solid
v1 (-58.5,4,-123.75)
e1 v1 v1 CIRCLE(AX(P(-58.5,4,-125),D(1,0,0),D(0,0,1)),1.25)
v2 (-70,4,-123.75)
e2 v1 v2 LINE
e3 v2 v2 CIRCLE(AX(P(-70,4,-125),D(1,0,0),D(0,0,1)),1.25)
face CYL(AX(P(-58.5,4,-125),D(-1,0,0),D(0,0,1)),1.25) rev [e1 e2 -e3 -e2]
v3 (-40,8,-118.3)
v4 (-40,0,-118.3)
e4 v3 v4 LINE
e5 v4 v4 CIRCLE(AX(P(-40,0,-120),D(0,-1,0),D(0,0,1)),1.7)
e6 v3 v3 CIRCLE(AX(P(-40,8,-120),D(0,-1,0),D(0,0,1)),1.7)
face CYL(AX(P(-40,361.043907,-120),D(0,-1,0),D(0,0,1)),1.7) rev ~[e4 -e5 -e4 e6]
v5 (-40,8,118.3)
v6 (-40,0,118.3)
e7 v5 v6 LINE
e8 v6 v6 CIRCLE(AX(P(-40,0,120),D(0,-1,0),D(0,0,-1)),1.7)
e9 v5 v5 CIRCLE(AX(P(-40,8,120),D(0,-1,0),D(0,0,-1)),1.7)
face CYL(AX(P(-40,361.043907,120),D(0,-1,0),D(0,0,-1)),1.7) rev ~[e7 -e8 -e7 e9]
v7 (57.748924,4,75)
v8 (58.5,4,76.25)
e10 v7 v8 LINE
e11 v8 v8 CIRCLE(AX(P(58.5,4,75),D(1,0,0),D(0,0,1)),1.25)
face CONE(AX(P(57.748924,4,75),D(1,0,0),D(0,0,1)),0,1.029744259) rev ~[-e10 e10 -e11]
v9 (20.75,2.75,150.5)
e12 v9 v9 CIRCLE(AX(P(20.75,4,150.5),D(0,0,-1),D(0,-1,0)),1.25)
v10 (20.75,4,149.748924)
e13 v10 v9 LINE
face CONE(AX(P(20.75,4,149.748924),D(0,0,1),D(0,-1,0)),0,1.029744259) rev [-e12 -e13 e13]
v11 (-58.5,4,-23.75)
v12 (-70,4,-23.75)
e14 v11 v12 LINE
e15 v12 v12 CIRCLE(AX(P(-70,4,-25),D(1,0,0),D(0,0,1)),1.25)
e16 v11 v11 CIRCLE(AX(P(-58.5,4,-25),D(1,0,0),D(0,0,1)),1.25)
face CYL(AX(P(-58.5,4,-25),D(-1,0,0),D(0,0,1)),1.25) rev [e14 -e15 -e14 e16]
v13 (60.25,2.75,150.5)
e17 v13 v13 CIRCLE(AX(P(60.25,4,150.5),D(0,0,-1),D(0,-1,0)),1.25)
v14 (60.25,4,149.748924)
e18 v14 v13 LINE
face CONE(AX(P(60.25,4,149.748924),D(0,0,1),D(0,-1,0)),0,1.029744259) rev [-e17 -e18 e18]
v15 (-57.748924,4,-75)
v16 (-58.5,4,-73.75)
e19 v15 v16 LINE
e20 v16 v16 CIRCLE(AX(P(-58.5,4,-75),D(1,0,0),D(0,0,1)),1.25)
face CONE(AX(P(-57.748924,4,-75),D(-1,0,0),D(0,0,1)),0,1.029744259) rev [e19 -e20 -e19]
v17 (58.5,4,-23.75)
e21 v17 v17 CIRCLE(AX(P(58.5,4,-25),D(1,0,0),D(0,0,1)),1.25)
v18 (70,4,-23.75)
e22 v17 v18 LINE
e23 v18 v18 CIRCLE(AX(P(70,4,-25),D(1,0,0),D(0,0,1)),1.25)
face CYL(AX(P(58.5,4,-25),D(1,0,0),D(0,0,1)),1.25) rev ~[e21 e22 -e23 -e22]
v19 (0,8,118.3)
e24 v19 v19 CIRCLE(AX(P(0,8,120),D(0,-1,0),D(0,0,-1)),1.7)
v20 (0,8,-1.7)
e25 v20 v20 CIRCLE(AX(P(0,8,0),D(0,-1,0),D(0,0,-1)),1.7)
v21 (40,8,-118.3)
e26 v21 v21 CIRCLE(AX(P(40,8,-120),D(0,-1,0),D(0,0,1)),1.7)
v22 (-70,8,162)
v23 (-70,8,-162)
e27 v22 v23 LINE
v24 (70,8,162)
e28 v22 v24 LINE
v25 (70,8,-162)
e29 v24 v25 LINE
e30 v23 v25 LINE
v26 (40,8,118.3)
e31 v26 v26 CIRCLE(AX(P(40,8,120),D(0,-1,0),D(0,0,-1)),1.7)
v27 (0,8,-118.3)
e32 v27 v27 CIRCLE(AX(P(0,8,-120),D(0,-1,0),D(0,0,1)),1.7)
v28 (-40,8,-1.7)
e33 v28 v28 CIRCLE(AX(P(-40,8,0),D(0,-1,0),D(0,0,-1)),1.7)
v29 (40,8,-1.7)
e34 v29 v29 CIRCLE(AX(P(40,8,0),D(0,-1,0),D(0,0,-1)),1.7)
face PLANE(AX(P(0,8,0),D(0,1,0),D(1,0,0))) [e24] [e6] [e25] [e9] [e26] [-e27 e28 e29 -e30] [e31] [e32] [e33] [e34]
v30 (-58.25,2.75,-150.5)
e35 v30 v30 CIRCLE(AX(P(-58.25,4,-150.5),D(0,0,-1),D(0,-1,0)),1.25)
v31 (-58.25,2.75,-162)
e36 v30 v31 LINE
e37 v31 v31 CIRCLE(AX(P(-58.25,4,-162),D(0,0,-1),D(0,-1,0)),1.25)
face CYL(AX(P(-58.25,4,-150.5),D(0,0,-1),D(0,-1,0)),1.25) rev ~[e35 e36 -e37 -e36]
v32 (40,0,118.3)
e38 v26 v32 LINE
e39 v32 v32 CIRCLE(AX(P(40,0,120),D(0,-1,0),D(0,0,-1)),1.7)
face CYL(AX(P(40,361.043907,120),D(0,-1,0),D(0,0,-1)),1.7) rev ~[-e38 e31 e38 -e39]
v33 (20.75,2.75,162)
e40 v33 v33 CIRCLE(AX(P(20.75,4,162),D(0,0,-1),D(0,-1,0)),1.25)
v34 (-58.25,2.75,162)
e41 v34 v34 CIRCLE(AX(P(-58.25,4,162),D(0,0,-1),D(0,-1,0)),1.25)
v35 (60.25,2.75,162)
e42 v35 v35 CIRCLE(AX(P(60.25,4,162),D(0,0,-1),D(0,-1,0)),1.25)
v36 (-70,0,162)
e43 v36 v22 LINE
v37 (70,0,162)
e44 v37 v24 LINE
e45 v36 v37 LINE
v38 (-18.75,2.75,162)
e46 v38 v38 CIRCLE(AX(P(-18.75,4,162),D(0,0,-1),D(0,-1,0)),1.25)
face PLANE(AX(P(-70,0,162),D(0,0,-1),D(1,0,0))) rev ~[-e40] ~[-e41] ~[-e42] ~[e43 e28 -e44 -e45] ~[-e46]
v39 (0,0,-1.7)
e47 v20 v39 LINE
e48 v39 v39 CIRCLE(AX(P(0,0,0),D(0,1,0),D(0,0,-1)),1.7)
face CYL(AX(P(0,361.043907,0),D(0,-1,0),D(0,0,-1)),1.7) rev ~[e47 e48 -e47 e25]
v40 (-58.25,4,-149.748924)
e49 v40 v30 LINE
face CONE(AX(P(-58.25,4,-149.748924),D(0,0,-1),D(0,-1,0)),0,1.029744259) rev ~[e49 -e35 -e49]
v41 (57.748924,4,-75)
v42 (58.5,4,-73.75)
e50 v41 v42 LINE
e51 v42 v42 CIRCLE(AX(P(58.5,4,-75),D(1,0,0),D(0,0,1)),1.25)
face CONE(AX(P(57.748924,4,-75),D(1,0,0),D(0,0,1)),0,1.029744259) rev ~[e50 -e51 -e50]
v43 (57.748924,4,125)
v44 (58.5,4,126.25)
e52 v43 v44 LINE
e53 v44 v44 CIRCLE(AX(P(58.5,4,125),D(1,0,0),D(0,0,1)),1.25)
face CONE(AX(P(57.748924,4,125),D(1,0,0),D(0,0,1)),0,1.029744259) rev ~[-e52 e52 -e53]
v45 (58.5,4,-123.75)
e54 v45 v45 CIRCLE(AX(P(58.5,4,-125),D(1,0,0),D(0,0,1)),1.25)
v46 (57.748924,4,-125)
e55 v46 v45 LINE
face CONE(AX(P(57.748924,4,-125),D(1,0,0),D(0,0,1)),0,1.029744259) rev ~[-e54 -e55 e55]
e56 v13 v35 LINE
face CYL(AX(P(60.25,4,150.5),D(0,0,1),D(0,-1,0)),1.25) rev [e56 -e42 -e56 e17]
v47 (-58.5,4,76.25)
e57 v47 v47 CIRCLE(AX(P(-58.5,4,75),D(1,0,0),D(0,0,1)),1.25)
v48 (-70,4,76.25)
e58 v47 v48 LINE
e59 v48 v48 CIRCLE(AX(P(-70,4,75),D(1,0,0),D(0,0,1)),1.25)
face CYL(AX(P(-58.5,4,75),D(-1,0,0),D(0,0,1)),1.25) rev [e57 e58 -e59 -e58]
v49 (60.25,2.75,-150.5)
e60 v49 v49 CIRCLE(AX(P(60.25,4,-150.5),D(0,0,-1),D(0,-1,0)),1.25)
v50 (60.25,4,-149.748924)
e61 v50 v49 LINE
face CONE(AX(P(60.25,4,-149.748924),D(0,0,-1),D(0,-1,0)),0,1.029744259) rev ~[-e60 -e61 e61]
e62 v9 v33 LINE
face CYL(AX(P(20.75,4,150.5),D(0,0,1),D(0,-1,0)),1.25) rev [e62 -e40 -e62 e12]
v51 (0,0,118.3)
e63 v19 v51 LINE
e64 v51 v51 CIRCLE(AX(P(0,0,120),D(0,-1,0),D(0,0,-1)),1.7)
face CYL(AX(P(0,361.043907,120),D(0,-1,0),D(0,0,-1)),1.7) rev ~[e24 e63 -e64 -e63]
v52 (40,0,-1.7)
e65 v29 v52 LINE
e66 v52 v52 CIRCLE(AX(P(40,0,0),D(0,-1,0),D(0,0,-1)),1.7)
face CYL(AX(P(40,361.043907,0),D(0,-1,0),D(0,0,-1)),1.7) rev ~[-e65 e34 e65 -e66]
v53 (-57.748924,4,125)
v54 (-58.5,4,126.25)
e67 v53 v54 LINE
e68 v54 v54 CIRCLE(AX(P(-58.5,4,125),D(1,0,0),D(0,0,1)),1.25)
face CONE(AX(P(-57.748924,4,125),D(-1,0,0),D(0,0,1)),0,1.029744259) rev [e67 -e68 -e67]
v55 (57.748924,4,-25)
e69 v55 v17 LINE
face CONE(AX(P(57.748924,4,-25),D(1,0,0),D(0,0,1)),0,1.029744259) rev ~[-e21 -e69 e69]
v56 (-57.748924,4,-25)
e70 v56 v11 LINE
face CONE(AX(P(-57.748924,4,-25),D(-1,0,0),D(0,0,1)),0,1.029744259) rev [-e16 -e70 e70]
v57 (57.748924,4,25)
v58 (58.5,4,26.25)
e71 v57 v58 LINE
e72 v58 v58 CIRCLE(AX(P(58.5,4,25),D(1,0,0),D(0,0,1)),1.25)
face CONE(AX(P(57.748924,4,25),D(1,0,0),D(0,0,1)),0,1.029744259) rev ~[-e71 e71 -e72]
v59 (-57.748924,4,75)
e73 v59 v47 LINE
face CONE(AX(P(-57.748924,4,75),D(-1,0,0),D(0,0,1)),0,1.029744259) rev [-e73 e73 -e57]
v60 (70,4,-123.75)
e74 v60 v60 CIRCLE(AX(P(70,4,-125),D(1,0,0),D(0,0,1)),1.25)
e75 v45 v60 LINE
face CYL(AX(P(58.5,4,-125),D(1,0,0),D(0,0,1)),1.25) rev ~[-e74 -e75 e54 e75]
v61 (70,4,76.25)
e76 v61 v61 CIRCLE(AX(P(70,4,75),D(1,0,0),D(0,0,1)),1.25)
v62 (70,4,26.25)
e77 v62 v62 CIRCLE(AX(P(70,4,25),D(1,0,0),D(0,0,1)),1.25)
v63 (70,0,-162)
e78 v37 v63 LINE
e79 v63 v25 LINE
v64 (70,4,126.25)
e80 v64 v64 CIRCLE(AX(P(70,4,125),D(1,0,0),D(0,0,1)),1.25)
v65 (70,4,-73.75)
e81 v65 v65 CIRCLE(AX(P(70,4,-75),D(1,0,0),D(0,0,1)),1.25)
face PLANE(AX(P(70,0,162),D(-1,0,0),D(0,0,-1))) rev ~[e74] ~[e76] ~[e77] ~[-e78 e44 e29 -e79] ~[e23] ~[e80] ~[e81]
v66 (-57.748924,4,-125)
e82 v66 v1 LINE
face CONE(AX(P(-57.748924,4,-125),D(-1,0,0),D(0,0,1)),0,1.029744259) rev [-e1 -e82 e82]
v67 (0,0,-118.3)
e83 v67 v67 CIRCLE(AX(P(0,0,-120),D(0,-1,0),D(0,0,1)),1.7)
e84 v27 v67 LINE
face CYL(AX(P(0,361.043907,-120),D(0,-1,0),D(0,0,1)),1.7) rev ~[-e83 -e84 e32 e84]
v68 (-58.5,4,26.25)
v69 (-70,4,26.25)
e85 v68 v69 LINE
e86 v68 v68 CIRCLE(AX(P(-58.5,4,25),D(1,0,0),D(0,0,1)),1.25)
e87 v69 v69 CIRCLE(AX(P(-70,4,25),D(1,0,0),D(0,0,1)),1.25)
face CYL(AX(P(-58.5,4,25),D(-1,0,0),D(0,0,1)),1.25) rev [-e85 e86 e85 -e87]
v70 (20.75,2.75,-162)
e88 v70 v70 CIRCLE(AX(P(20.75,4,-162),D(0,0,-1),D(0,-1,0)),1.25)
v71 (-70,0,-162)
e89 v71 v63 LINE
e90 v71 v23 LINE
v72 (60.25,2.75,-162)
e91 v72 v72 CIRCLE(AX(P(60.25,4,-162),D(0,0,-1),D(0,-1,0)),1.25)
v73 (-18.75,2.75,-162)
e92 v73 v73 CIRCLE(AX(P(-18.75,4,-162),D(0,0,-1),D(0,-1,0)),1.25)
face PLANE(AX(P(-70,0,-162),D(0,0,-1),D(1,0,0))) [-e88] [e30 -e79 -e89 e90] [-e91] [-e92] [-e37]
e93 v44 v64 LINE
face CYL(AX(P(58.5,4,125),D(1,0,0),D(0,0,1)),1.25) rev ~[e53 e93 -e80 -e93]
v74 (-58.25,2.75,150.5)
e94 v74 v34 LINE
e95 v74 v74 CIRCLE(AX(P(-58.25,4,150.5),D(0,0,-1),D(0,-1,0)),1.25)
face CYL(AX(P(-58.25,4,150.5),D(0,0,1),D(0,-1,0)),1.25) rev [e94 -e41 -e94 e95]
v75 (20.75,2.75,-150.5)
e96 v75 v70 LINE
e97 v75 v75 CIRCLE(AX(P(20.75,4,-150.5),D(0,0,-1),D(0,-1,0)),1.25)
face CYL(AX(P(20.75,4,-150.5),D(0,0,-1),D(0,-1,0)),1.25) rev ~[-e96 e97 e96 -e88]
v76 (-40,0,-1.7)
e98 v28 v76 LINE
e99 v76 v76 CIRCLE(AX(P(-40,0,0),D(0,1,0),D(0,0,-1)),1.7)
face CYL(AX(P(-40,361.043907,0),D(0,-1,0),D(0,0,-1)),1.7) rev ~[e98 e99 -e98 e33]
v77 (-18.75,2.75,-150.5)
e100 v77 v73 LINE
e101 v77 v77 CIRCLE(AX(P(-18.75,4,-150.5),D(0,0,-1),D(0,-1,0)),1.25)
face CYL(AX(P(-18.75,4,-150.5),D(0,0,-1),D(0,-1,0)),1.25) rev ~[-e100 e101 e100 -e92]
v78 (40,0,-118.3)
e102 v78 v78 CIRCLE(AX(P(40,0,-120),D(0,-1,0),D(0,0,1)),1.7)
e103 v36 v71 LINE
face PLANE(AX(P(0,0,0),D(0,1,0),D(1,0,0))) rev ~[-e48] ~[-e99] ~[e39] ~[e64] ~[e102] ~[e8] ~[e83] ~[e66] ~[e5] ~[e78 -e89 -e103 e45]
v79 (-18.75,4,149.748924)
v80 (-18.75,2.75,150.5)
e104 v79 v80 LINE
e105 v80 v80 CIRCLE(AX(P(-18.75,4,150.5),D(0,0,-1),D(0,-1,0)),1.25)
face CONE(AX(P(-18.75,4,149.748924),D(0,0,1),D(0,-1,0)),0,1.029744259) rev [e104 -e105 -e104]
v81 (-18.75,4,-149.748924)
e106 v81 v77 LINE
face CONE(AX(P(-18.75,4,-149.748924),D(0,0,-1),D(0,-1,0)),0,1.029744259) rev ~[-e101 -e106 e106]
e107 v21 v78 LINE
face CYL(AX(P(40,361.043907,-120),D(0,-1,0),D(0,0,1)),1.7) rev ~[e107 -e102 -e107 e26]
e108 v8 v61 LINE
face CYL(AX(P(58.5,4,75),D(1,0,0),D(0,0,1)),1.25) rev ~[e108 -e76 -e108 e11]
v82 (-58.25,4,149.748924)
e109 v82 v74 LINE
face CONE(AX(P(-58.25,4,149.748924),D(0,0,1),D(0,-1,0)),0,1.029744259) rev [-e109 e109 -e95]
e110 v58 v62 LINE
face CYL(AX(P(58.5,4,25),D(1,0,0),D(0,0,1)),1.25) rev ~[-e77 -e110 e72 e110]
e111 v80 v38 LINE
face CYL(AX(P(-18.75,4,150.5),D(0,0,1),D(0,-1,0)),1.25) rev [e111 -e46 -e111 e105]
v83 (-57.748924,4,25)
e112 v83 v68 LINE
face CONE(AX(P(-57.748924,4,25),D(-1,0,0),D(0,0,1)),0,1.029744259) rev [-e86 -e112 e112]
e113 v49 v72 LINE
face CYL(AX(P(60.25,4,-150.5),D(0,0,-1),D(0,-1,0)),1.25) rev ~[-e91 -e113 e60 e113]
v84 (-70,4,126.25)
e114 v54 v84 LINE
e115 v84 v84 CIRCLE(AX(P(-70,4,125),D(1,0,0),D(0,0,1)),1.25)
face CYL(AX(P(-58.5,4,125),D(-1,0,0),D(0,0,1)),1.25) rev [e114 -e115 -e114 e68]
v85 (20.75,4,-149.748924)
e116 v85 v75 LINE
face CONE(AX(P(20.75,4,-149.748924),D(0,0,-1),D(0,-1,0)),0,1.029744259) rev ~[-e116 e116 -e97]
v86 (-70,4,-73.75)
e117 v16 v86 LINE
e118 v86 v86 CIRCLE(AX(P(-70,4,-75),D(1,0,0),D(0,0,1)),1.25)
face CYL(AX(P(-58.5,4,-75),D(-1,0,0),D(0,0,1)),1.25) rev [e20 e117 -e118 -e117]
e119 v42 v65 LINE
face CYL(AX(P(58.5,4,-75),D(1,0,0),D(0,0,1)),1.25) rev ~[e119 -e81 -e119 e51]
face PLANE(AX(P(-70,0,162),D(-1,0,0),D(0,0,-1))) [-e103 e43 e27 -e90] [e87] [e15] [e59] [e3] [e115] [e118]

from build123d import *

# Parameters (mm, degrees)
SKETCH1_W                      = 140
SKETCH1_H                      = 324
BOSS_EXTRUDE1_DEPTH            = 8
M3X0_5_TAPPED_HOLE1_AT_2_COUNT = 2
M3X0_5_TAPPED_HOLE1_AT_2_PITCH = 39.5
M3X0_5_TAPPED_HOLE1_AT_3_COUNT = 2
M3X0_5_TAPPED_HOLE1_AT_3_PITCH = 79
M3X0_5_TAPPED_HOLE1_AT_4_COUNT = 2
M3X0_5_TAPPED_HOLE1_AT_4_PITCH = 118.5
M3X0_5_TAPPED_HOLE2_AT_2_COUNT = 2
M3X0_5_TAPPED_HOLE2_AT_2_PITCH = 50
M3X0_5_TAPPED_HOLE2_AT_3_COUNT = 2
M3X0_5_TAPPED_HOLE2_AT_3_PITCH = 100
M3X0_5_TAPPED_HOLE2_AT_4_COUNT = 2
M3X0_5_TAPPED_HOLE2_AT_4_PITCH = 150
M3X0_5_TAPPED_HOLE2_AT_5_COUNT = 2
M3X0_5_TAPPED_HOLE2_AT_5_PITCH = 200
M3X0_5_TAPPED_HOLE2_AT_6_COUNT = 2
M3X0_5_TAPPED_HOLE2_AT_6_PITCH = 250
F_3_4_3_4_DIAMETER_HOLE1_D     = 3.4
LPATTERN1_COUNT                = 2
LPATTERN1_PITCH                = 120
LPATTERN1_COUNT_DIR2           = 3
LPATTERN1_PITCH_DIR2           = 40
MIRROR3_COPY_1_D               = 3.4
MIRROR3_COPY_2_D               = 3.4
MIRROR3_COPY_3_D               = 3.4
MIRROR3_COPY_4_D               = 3.4
MIRROR3_COPY_5_D               = 3.4
MIRROR3_COPY_6_D               = 3.4


with BuildPart() as part:
    # Sketch1 → Boss-Extrude1 (new body)
    with BuildSketch(Plane(origin=(0, 0, 0), x_dir=(1, 0, 0), z_dir=(0, 1, 0))):
        Rectangle(SKETCH1_W, SKETCH1_H)
    extrude(amount=BOSS_EXTRUDE1_DEPTH)

    # Sketch5 → M3x0.5 Tapped Hole1 (revolve, cut)
    with BuildSketch(Plane(origin=(60.25, 4, 162), x_dir=(0, -1, 0), z_dir=(1, 0, 0))):
        Polygon((0, 0), (0, 12.251075774), (1.25, 11.5), (1.25, 0), align=None)
    m3x0_5_tapped_hole1 = revolve(axis=Axis((60.25, 4, 168.35), (0, 0, -1)), mode=Mode.SUBTRACT)

    # M3x0.5 Tapped Hole1 at 2: M3x0.5 Tapped Hole1 ×2
    with Locations(*[(-i * M3X0_5_TAPPED_HOLE1_AT_2_PITCH, 0, 0) for i in range(1, M3X0_5_TAPPED_HOLE1_AT_2_COUNT)]):
        add(m3x0_5_tapped_hole1, mode=Mode.SUBTRACT)

    # M3x0.5 Tapped Hole1 at 3: M3x0.5 Tapped Hole1 ×2
    with Locations(*[(-i * M3X0_5_TAPPED_HOLE1_AT_3_PITCH, 0, 0) for i in range(1, M3X0_5_TAPPED_HOLE1_AT_3_COUNT)]):
        add(m3x0_5_tapped_hole1, mode=Mode.SUBTRACT)

    # M3x0.5 Tapped Hole1 at 4: M3x0.5 Tapped Hole1 ×2
    with Locations(*[(-i * M3X0_5_TAPPED_HOLE1_AT_4_PITCH, 0, 0) for i in range(1, M3X0_5_TAPPED_HOLE1_AT_4_COUNT)]):
        add(m3x0_5_tapped_hole1, mode=Mode.SUBTRACT)

    # Sketch7 → M3x0.5 Tapped Hole2 (revolve, cut)
    with BuildSketch(Plane(origin=(-70, 4, -125), x_dir=(0, 0, 1), z_dir=(0, 1, 0))):
        Polygon((0, 0), (0, 12.251075774), (1.25, 11.5), (1.25, 0), align=None)
    m3x0_5_tapped_hole2 = revolve(axis=Axis((-76.35, 4, -125), (1, 0, 0)), mode=Mode.SUBTRACT)

    # M3x0.5 Tapped Hole2 at 2: M3x0.5 Tapped Hole2 ×2
    with Locations(*[(0, 0, i * M3X0_5_TAPPED_HOLE2_AT_2_PITCH) for i in range(1, M3X0_5_TAPPED_HOLE2_AT_2_COUNT)]):
        add(m3x0_5_tapped_hole2, mode=Mode.SUBTRACT)

    # M3x0.5 Tapped Hole2 at 3: M3x0.5 Tapped Hole2 ×2
    with Locations(*[(0, 0, i * M3X0_5_TAPPED_HOLE2_AT_3_PITCH) for i in range(1, M3X0_5_TAPPED_HOLE2_AT_3_COUNT)]):
        add(m3x0_5_tapped_hole2, mode=Mode.SUBTRACT)

    # M3x0.5 Tapped Hole2 at 4: M3x0.5 Tapped Hole2 ×2
    with Locations(*[(0, 0, i * M3X0_5_TAPPED_HOLE2_AT_4_PITCH) for i in range(1, M3X0_5_TAPPED_HOLE2_AT_4_COUNT)]):
        add(m3x0_5_tapped_hole2, mode=Mode.SUBTRACT)

    # M3x0.5 Tapped Hole2 at 5: M3x0.5 Tapped Hole2 ×2
    with Locations(*[(0, 0, i * M3X0_5_TAPPED_HOLE2_AT_5_PITCH) for i in range(1, M3X0_5_TAPPED_HOLE2_AT_5_COUNT)]):
        add(m3x0_5_tapped_hole2, mode=Mode.SUBTRACT)

    # M3x0.5 Tapped Hole2 at 6: M3x0.5 Tapped Hole2 ×2
    with Locations(*[(0, 0, i * M3X0_5_TAPPED_HOLE2_AT_6_PITCH) for i in range(1, M3X0_5_TAPPED_HOLE2_AT_6_COUNT)]):
        add(m3x0_5_tapped_hole2, mode=Mode.SUBTRACT)

    # Mirror1: M3x0.5 Tapped Hole1 across plane
    add(m3x0_5_tapped_hole1.mirror(Plane.XY), mode=Mode.SUBTRACT)

    # Mirror1 copy 1 sketch → Mirror1 copy 1 (revolve, cut)
    with BuildSketch(Plane(origin=(20.75, 4, -162), x_dir=(0, -1, 0), z_dir=(1, 0, 0))):
        Polygon((0, 0), (0, -12.251075774), (1.25, -11.5), (1.25, 0), align=None)
    revolve(axis=Axis((20.75, 4, -168.35), (0, 0, -1)), mode=Mode.SUBTRACT)

    # Mirror1 copy 2 sketch → Mirror1 copy 2 (revolve, cut)
    with BuildSketch(Plane(origin=(-18.75, 4, -162), x_dir=(0, -1, 0), z_dir=(1, 0, 0))):
        Polygon((0, 0), (0, -12.251075774), (1.25, -11.5), (1.25, 0), align=None)
    revolve(axis=Axis((-18.75, 4, -168.35), (0, 0, -1)), mode=Mode.SUBTRACT)

    # Mirror1 copy 3 sketch → Mirror1 copy 3 (revolve, cut)
    with BuildSketch(Plane(origin=(-58.25, 4, -162), x_dir=(0, -1, 0), z_dir=(1, 0, 0))):
        Polygon((0, 0), (0, -12.251075774), (1.25, -11.5), (1.25, 0), align=None)
    revolve(axis=Axis((-58.25, 4, -168.35), (0, 0, -1)), mode=Mode.SUBTRACT)

    # Mirror2: M3x0.5 Tapped Hole2 across plane
    add(m3x0_5_tapped_hole2.mirror(Plane(origin=(0, 0, 0), x_dir=(0, 0, 1), z_dir=(1, 0, 0))), mode=Mode.SUBTRACT)

    # Mirror2 copy 1 sketch → Mirror2 copy 1 (revolve, cut)
    with BuildSketch(Plane(origin=(70, 4, -75), x_dir=(0, 0, 1), z_dir=(0, 1, 0))):
        Polygon((0, 0), (0, -12.251075774), (1.25, -11.5), (1.25, 0), align=None)
    revolve(axis=Axis((76.35, 4, -75), (1, 0, 0)), mode=Mode.SUBTRACT)

    # Mirror2 copy 2 sketch → Mirror2 copy 2 (revolve, cut)
    with BuildSketch(Plane(origin=(70, 4, -25), x_dir=(0, 0, 1), z_dir=(0, 1, 0))):
        Polygon((0, 0), (0, -12.251075774), (1.25, -11.5), (1.25, 0), align=None)
    revolve(axis=Axis((76.35, 4, -25), (1, 0, 0)), mode=Mode.SUBTRACT)

    # Mirror2 copy 3 sketch → Mirror2 copy 3 (revolve, cut)
    with BuildSketch(Plane(origin=(70, 4, 25), x_dir=(0, 0, 1), z_dir=(0, 1, 0))):
        Polygon((0, 0), (0, -12.251075774), (1.25, -11.5), (1.25, 0), align=None)
    revolve(axis=Axis((76.35, 4, 25), (1, 0, 0)), mode=Mode.SUBTRACT)

    # Mirror2 copy 4 sketch → Mirror2 copy 4 (revolve, cut)
    with BuildSketch(Plane(origin=(70, 4, 75), x_dir=(0, 0, 1), z_dir=(0, 1, 0))):
        Polygon((0, 0), (0, -12.251075774), (1.25, -11.5), (1.25, 0), align=None)
    revolve(axis=Axis((76.35, 4, 75), (1, 0, 0)), mode=Mode.SUBTRACT)

    # Mirror2 copy 5 sketch → Mirror2 copy 5 (revolve, cut)
    with BuildSketch(Plane(origin=(70, 4, 125), x_dir=(0, 0, 1), z_dir=(0, 1, 0))):
        Polygon((0, 0), (0, -12.251075774), (1.25, -11.5), (1.25, 0), align=None)
    revolve(axis=Axis((76.35, 4, 125), (1, 0, 0)), mode=Mode.SUBTRACT)

    # Ø3.4 (3.4) Diameter Hole1 (through all)
    with Locations(Plane(origin=(-40, 8, 0), x_dir=(0, 0, 1), z_dir=(0, 1, 0))):
        with Locations((0, 0)):
            f_3_4_3_4_diameter_hole1 = Hole(F_3_4_3_4_DIAMETER_HOLE1_D / 2)

    # LPattern1: 3.4 _3.4_ Diameter Hole1 2 × 3
    with Locations(*[(j * LPATTERN1_PITCH_DIR2, 0, i * LPATTERN1_PITCH) for i in range(LPATTERN1_COUNT) for j in range(LPATTERN1_COUNT_DIR2) if (i, j) != (0, 0)]):
        add(f_3_4_3_4_diameter_hole1, mode=Mode.SUBTRACT)

    # Mirror3 copy 1 (through all)
    with Locations(Plane(origin=(0, 8, 0), x_dir=(0, 0, -1), z_dir=(0, 1, 0))):
        with Locations((0, 0)):
            Hole(MIRROR3_COPY_1_D / 2)

    # Mirror3 copy 2 (through all)
    with Locations(Plane(origin=(40, 8, 0), x_dir=(0, 0, -1), z_dir=(0, 1, 0))):
        with Locations((0, 0)):
            Hole(MIRROR3_COPY_2_D / 2)

    # Mirror3 copy 3 (through all)
    with Locations(Plane(origin=(-40, 8, -120), x_dir=(0, 0, -1), z_dir=(0, 1, 0))):
        with Locations((0, 0)):
            Hole(MIRROR3_COPY_3_D / 2)

    # Mirror3 copy 4 (through all)
    with Locations(Plane(origin=(0, 8, -120), x_dir=(0, 0, -1), z_dir=(0, 1, 0))):
        with Locations((0, 0)):
            Hole(MIRROR3_COPY_4_D / 2)

    # Mirror3 copy 5 (through all)
    with Locations(Plane(origin=(40, 8, -120), x_dir=(0, 0, -1), z_dir=(0, 1, 0))):
        with Locations((0, 0)):
            Hole(MIRROR3_COPY_5_D / 2)

    # Mirror3 copy 6 (through all)
    with Locations(Plane(origin=(-40, 8, 0), x_dir=(0, 0, -1), z_dir=(0, 1, 0))):
        with Locations((0, 0)):
            Hole(MIRROR3_COPY_6_D / 2)


solid = part.part
